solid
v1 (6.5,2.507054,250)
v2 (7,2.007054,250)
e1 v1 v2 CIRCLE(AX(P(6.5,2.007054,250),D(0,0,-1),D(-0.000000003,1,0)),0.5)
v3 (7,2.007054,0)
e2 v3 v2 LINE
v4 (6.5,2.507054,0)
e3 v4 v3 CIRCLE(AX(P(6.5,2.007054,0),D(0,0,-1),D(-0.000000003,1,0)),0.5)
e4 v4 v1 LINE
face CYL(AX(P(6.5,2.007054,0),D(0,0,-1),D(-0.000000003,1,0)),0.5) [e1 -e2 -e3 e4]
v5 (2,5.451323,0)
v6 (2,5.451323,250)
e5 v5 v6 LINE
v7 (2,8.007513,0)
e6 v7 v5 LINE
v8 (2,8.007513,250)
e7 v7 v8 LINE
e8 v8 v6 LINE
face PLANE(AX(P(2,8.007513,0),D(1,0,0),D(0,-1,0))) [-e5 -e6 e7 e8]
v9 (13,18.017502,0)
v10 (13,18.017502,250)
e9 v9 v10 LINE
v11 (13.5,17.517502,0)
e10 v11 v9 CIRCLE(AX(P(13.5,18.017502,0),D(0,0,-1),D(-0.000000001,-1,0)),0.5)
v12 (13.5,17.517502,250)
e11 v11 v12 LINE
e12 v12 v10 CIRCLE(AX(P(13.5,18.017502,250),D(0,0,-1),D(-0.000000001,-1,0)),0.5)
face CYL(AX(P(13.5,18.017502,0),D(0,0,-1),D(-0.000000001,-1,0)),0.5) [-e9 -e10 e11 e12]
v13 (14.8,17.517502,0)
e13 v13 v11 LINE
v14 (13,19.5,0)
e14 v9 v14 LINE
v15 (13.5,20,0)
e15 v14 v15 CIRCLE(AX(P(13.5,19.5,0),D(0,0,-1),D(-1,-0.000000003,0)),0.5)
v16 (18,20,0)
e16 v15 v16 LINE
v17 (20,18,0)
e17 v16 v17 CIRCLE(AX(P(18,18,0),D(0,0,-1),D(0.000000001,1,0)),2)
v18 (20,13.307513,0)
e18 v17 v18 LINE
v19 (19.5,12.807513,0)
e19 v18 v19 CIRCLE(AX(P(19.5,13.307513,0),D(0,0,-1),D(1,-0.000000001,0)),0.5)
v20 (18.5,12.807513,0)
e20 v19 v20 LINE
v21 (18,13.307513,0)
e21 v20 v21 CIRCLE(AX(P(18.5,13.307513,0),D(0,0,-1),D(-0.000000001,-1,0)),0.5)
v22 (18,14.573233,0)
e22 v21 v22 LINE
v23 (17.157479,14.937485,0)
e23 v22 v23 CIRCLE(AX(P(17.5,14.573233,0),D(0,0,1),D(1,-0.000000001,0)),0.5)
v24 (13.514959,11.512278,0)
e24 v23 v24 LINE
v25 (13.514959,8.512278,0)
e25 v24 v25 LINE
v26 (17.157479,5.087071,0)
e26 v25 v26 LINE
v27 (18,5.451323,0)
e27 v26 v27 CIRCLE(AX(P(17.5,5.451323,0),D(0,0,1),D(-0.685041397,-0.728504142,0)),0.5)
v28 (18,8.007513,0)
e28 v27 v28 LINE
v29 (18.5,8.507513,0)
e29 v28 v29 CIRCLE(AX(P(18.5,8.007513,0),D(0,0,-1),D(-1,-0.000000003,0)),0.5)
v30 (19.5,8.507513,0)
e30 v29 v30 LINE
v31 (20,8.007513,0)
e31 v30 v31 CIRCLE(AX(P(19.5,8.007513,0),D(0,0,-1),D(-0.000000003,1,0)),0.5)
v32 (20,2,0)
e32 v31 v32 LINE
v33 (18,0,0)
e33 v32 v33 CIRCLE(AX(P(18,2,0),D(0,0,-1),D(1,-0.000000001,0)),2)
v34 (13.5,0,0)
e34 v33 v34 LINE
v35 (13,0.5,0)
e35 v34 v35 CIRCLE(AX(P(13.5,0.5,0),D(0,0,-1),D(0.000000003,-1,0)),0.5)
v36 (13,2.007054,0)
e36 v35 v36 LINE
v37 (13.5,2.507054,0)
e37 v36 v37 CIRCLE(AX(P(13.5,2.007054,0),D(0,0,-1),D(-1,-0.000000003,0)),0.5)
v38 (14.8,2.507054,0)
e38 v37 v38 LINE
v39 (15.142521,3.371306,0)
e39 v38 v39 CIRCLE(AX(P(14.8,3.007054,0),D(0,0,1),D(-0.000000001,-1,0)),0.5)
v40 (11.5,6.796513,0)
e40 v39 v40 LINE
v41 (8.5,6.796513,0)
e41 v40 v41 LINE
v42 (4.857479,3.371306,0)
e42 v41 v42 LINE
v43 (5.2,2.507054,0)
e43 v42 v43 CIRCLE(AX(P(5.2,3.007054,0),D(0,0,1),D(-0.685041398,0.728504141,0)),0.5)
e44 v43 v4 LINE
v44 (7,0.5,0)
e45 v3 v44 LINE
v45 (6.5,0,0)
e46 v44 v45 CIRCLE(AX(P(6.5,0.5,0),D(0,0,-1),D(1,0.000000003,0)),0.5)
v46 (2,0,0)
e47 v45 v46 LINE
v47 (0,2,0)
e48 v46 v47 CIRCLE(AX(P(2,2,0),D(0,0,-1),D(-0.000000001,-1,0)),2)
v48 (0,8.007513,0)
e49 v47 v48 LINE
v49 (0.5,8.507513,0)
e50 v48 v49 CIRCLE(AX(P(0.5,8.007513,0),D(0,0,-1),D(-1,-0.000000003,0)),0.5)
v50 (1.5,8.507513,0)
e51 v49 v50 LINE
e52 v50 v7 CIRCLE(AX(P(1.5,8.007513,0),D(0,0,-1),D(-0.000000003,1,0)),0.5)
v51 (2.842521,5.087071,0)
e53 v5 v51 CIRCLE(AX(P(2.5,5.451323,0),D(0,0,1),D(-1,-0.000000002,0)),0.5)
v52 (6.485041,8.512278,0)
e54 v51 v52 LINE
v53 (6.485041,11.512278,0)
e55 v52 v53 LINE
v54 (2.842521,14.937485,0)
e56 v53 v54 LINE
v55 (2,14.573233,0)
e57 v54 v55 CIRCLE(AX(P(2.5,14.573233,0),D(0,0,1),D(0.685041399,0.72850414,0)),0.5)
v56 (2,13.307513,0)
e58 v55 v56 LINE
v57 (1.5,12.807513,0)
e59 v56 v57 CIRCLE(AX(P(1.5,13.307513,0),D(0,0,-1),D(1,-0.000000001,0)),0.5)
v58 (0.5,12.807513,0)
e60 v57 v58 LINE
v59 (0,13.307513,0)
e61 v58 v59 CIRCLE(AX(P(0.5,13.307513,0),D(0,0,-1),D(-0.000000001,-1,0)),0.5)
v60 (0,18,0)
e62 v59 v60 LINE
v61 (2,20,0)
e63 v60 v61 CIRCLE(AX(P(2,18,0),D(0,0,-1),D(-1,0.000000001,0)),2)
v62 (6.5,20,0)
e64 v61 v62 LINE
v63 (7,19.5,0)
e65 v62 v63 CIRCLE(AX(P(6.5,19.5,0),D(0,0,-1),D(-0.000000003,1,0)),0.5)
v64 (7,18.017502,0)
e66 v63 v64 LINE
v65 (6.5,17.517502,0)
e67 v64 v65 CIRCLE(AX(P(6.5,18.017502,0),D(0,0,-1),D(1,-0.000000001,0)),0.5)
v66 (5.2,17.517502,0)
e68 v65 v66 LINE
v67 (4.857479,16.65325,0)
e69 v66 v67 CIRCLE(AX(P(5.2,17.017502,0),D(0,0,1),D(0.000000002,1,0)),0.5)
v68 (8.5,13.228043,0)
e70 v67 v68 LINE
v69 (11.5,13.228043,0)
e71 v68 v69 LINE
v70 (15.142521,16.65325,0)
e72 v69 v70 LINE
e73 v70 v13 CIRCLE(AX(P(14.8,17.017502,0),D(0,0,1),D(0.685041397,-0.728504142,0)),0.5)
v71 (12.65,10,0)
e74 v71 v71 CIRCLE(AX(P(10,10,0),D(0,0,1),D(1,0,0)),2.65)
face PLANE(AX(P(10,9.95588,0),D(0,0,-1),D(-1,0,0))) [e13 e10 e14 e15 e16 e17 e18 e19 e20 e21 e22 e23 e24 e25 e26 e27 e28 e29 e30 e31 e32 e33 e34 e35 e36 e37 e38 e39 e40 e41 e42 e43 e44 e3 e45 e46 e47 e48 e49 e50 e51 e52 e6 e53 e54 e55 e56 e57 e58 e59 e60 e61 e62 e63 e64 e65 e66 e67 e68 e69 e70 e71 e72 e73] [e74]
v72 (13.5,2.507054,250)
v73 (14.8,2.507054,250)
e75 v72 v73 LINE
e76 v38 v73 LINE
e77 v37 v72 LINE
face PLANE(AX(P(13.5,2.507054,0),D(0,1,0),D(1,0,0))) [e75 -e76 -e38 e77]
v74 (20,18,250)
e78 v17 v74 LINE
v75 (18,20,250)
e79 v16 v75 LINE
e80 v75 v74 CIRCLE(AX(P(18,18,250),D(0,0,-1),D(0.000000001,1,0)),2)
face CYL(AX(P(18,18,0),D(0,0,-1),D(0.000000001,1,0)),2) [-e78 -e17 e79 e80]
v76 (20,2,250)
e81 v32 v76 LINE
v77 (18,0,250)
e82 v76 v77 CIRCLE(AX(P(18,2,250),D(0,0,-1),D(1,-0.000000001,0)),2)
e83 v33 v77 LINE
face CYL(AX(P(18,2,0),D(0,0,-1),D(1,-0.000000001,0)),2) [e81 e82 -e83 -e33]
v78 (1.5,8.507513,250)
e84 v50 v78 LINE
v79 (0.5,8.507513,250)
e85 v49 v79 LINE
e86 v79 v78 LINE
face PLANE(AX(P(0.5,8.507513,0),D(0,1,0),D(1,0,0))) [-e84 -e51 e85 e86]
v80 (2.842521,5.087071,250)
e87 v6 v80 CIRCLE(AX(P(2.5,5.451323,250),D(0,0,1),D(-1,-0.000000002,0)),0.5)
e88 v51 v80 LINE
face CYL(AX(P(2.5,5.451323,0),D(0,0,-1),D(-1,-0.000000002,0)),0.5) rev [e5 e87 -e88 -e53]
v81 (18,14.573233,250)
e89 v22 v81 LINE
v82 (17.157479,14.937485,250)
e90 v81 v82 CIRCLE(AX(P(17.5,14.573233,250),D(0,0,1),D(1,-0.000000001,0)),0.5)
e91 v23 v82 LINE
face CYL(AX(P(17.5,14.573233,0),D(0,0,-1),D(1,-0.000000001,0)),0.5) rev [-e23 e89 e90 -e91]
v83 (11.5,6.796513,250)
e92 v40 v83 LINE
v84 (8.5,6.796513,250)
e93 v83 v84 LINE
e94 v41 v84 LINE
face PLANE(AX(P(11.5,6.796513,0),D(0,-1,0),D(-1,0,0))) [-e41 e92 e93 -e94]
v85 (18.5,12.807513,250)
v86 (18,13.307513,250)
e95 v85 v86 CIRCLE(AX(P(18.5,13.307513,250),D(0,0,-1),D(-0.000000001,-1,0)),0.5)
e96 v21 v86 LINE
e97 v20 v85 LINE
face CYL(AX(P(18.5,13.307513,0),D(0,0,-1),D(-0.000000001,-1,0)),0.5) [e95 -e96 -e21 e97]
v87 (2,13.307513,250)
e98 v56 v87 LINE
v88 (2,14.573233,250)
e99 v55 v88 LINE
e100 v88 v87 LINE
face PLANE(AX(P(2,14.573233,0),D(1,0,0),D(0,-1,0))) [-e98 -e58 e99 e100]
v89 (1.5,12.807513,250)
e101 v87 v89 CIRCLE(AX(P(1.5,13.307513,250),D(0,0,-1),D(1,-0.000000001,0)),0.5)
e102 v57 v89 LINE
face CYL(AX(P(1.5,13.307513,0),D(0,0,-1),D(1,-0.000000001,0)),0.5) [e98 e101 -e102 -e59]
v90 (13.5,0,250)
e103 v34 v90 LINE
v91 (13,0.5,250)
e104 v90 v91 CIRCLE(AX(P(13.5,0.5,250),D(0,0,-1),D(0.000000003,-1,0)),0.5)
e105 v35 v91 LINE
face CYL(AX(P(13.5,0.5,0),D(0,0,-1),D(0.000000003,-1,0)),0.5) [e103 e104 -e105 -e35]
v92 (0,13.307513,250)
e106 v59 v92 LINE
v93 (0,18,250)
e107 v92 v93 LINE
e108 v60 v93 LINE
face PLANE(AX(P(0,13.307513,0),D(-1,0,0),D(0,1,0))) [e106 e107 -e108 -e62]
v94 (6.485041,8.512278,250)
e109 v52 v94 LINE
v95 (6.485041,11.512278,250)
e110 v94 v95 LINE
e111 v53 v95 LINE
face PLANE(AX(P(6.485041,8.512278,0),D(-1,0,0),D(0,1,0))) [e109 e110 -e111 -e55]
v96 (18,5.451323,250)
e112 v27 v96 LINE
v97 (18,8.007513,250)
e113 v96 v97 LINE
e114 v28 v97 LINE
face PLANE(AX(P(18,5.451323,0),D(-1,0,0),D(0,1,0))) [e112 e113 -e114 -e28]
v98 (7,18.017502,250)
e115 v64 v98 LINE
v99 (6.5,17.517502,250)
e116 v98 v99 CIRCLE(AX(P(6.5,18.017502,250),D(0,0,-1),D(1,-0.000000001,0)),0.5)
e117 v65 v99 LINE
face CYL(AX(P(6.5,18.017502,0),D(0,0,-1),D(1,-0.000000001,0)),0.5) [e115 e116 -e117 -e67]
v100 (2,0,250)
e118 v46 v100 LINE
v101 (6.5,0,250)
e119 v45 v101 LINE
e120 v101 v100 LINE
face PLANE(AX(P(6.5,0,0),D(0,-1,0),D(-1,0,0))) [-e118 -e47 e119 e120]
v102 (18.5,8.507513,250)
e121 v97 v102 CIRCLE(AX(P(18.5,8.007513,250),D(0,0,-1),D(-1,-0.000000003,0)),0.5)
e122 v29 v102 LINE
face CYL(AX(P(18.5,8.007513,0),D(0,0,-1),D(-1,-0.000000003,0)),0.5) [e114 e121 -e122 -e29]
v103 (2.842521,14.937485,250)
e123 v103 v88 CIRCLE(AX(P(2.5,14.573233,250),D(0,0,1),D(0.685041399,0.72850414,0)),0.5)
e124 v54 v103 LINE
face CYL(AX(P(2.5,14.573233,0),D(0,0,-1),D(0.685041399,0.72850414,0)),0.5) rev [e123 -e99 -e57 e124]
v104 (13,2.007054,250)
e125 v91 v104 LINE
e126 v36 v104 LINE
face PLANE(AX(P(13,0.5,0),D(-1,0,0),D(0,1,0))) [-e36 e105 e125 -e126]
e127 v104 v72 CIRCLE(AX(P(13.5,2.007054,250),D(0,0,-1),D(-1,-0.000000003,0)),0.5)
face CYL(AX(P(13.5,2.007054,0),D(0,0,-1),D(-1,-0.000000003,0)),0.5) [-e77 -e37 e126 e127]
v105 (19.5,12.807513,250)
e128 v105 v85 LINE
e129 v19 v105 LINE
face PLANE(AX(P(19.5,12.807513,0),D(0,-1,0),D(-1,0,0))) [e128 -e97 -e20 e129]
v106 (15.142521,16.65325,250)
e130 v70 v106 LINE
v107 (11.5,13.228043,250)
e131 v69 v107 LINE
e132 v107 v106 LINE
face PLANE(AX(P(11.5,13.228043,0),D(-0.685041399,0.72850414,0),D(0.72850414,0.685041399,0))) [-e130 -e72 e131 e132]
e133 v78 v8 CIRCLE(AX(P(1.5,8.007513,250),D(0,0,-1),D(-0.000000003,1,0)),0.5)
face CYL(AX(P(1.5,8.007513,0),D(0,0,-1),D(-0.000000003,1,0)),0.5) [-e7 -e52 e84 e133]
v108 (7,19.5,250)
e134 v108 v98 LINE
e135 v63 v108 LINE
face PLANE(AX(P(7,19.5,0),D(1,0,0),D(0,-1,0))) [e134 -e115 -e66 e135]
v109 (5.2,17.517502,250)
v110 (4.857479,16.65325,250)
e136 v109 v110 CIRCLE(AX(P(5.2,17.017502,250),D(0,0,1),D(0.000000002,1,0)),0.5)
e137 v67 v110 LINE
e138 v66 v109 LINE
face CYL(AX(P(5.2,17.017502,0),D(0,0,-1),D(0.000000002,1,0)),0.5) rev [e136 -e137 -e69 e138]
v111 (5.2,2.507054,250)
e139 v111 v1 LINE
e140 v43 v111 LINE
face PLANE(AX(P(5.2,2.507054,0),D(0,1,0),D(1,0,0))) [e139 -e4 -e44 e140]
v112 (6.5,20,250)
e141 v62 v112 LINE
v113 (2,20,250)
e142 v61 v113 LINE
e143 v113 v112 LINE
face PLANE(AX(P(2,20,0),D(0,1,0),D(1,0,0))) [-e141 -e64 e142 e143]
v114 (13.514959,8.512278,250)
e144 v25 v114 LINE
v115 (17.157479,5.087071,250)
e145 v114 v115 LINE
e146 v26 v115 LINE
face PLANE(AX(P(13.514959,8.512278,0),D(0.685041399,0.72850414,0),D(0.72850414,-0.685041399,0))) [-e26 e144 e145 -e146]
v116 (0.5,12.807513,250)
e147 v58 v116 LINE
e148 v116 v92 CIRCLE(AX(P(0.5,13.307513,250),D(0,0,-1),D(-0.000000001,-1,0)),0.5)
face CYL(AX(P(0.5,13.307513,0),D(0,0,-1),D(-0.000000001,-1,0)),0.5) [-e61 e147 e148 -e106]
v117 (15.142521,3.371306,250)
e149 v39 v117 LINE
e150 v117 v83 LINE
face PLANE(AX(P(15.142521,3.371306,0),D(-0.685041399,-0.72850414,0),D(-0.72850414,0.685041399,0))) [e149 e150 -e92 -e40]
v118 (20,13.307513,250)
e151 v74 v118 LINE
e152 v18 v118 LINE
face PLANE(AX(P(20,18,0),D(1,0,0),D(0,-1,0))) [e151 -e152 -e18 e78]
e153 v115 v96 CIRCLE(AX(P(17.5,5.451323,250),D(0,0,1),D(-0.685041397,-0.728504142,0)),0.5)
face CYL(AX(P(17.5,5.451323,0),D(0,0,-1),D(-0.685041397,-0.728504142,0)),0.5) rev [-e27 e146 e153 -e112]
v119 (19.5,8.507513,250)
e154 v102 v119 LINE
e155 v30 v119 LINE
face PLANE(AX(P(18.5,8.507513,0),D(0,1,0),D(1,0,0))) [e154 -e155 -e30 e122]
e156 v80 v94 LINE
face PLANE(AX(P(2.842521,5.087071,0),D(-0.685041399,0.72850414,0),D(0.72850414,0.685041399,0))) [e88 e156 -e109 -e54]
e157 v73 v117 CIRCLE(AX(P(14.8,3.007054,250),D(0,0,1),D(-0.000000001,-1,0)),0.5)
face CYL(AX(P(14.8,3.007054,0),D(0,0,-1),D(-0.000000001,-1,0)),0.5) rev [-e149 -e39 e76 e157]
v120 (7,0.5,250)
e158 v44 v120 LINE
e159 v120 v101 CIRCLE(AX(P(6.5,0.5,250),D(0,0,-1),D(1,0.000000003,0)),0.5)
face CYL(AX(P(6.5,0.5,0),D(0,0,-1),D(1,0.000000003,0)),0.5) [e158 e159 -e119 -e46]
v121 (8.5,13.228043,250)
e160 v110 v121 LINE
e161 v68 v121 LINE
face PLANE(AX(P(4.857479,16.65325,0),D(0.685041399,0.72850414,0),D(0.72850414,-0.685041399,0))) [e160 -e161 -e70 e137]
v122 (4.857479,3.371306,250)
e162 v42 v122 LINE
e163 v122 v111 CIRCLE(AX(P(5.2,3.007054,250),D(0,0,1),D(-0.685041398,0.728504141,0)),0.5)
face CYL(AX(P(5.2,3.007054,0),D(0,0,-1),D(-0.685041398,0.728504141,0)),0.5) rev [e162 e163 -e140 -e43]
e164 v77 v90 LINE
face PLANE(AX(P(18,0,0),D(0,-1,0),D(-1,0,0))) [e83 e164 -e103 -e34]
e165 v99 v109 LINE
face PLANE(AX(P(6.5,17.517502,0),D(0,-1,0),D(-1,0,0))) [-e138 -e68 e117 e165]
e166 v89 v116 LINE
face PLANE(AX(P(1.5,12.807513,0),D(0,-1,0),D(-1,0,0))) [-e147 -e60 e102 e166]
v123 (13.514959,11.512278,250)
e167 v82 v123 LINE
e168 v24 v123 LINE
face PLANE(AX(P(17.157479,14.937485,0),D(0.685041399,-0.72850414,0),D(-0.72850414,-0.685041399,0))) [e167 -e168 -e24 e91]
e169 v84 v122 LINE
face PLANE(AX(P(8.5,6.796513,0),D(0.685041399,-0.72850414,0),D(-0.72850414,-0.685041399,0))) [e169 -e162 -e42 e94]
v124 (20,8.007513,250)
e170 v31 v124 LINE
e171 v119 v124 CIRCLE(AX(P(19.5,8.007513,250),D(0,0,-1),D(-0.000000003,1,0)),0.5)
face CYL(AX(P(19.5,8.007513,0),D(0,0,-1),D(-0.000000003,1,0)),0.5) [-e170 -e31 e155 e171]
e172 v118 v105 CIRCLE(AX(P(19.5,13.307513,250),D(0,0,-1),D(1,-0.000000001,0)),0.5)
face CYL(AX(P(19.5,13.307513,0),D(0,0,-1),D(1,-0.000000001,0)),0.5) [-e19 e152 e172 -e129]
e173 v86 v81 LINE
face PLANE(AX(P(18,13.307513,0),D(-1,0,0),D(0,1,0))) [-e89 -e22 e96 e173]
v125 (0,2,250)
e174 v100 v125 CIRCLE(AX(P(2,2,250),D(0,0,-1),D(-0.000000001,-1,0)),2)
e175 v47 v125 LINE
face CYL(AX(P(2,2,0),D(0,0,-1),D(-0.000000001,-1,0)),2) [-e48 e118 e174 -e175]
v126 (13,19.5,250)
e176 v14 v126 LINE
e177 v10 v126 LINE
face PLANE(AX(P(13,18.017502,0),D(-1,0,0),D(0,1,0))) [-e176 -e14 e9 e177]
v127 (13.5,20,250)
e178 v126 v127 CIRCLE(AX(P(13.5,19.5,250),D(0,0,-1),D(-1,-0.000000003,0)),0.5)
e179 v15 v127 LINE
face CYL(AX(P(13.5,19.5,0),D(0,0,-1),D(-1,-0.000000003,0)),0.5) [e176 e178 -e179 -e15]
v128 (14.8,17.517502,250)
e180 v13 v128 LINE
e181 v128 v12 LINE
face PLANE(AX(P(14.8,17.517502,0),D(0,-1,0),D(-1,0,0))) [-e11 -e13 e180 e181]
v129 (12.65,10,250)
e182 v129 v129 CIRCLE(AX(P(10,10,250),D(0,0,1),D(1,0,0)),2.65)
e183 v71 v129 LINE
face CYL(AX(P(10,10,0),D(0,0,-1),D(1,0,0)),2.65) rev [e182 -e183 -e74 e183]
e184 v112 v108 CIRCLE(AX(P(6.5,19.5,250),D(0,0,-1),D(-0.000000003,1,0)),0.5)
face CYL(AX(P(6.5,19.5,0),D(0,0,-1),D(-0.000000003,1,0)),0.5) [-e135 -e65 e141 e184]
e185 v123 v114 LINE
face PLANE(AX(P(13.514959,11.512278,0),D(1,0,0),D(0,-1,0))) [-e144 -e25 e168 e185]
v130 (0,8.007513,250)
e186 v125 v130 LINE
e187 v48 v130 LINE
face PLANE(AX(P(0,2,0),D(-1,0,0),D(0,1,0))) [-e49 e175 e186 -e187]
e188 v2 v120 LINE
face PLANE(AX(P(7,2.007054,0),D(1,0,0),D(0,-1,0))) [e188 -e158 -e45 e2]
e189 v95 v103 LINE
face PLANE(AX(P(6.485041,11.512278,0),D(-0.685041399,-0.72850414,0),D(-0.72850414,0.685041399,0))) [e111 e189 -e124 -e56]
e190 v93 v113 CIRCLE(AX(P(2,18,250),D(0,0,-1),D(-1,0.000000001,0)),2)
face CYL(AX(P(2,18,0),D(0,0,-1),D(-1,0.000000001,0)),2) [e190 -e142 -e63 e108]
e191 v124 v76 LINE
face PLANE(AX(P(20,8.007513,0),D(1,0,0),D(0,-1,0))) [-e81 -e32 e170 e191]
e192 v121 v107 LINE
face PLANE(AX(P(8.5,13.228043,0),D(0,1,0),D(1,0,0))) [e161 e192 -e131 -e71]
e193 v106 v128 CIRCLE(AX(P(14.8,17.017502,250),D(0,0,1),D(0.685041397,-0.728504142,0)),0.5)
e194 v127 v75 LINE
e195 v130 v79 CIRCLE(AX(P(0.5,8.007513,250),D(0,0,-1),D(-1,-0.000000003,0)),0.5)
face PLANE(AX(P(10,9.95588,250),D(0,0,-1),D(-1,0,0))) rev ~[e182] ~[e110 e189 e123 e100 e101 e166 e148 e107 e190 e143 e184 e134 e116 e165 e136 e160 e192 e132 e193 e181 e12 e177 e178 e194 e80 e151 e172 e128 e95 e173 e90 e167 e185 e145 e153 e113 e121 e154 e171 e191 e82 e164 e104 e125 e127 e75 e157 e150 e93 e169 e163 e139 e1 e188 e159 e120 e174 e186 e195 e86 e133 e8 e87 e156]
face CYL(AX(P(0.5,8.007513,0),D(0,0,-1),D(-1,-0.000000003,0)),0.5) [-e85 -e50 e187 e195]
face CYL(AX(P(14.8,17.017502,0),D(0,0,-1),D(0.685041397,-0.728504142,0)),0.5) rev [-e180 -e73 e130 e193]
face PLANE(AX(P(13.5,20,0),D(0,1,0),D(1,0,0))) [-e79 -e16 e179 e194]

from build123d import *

# Parameters (mm, degrees)
SKETCH1_R           = 2.65
BOSS_EXTRUDE1_DEPTH = 250


with BuildPart() as part:
    # Sketch1 → Boss-Extrude1 (new body)
    with BuildSketch(Plane.XY):
        with BuildLine():
            Line((0, 2), (0, 8.007512652))
            ThreePointArc((0, 8.007512652), (0.146446609, 8.361066043), (0.5, 8.507512652))
            Line((0.5, 8.507512652), (1.5, 8.507512652))
            ThreePointArc((1.5, 8.507512652), (1.853553391, 8.361066043), (2, 8.007512652))
            Line((2, 8.007512652), (2, 5.451323229))
            ThreePointArc((2, 5.451323229), (2.301581692, 4.992378598), (2.842520699, 5.087071159))
            Line((2.842520699, 5.087071159), (6.485041399, 8.512278154))
            Line((6.485041399, 8.512278154), (6.485041399, 11.512278154))
            Line((6.485041399, 11.512278154), (2.842520699, 14.937485148))
            ThreePointArc((2.842520699, 14.937485148), (2.301581692, 15.03217771), (2, 14.573233078))
            Line((2, 14.573233078), (2, 13.307512652))
            ThreePointArc((2, 13.307512652), (1.853553391, 12.953959262), (1.5, 12.807512652))
            Line((1.5, 12.807512652), (0.5, 12.807512652))
            ThreePointArc((0.5, 12.807512652), (0.146446609, 12.953959262), (0, 13.307512652))
            Line((0, 13.307512652), (0, 18))
            ThreePointArc((0, 18), (0.585786438, 19.414213562), (2, 20))
            Line((2, 20), (6.5, 20))
            ThreePointArc((6.5, 20), (6.853553391, 19.853553391), (7, 19.5))
            Line((7, 19.5), (7, 18.017502122))
            ThreePointArc((7, 18.017502122), (6.853553391, 17.663948732), (6.5, 17.517502122))
            Line((6.5, 17.517502122), (5.2, 17.517502122))
            ThreePointArc((5.2, 17.517502122), (4.735174207, 17.201722052), (4.857479301, 16.653250052))
            Line((4.857479301, 16.653250052), (8.5, 13.228043058))
            Line((8.5, 13.228043058), (11.5, 13.228043058))
            Line((11.5, 13.228043058), (15.142520699, 16.653250052))
            ThreePointArc((15.142520699, 16.653250052), (15.264825793, 17.201722052), (14.8, 17.517502122))
            Line((14.8, 17.517502122), (13.5, 17.517502122))
            ThreePointArc((13.5, 17.517502122), (13.146446609, 17.663948732), (13, 18.017502122))
            Line((13, 18.017502122), (13, 19.5))
            ThreePointArc((13, 19.5), (13.146446609, 19.853553391), (13.5, 20))
            Line((13.5, 20), (18, 20))
            ThreePointArc((18, 20), (19.414213562, 19.414213562), (20, 18))
            Line((20, 18), (20, 13.307512652))
            ThreePointArc((20, 13.307512652), (19.853553391, 12.953959262), (19.5, 12.807512652))
            Line((19.5, 12.807512652), (18.5, 12.807512652))
            ThreePointArc((18.5, 12.807512652), (18.146446609, 12.953959262), (18, 13.307512652))
            Line((18, 13.307512652), (18, 14.573233078))
            ThreePointArc((18, 14.573233078), (17.698418308, 15.03217771), (17.157479301, 14.937485148))
            Line((17.157479301, 14.937485148), (13.514958601, 11.512278154))
            Line((13.514958601, 11.512278154), (13.514958601, 8.512278154))
            Line((13.514958601, 8.512278154), (17.157479301, 5.087071159))
            ThreePointArc((17.157479301, 5.087071159), (17.698418308, 4.992378598), (18, 5.451323229))
            Line((18, 5.451323229), (18, 8.007512652))
            ThreePointArc((18, 8.007512652), (18.146446609, 8.361066043), (18.5, 8.507512652))
            Line((18.5, 8.507512652), (19.5, 8.507512652))
            ThreePointArc((19.5, 8.507512652), (19.853553391, 8.361066043), (20, 8.007512652))
            Line((20, 8.007512652), (20, 2))
            ThreePointArc((20, 2), (19.414213562, 0.585786438), (18, 0))
            Line((18, 0), (13.5, 0))
            ThreePointArc((13.5, 0), (13.146446609, 0.146446609), (13, 0.5))
            Line((13, 0.5), (13, 2.007054185))
            ThreePointArc((13, 2.007054185), (13.146446609, 2.360607576), (13.5, 2.507054185))
            Line((13.5, 2.507054185), (14.8, 2.507054185))
            ThreePointArc((14.8, 2.507054185), (15.264825793, 2.822834256), (15.142520699, 3.371306255))
            Line((15.142520699, 3.371306255), (11.5, 6.79651325))
            Line((11.5, 6.79651325), (8.5, 6.79651325))
            Line((8.5, 6.79651325), (4.857479301, 3.371306255))
            ThreePointArc((4.857479301, 3.371306255), (4.735174207, 2.822834256), (5.2, 2.507054185))
            Line((5.2, 2.507054185), (6.5, 2.507054185))
            ThreePointArc((6.5, 2.507054185), (6.853553391, 2.360607576), (7, 2.007054185))
            Line((7, 2.007054185), (7, 0.5))
            ThreePointArc((7, 0.5), (6.853553391, 0.146446609), (6.5, 0))
            Line((6.5, 0), (2, 0))
            ThreePointArc((2, 0), (0.585786438, 0.585786438), (0, 2))
        make_face()
        with Locations((10, 10)):
            Circle(SKETCH1_R, mode=Mode.SUBTRACT)
    extrude(amount=BOSS_EXTRUDE1_DEPTH)


solid = part.part
